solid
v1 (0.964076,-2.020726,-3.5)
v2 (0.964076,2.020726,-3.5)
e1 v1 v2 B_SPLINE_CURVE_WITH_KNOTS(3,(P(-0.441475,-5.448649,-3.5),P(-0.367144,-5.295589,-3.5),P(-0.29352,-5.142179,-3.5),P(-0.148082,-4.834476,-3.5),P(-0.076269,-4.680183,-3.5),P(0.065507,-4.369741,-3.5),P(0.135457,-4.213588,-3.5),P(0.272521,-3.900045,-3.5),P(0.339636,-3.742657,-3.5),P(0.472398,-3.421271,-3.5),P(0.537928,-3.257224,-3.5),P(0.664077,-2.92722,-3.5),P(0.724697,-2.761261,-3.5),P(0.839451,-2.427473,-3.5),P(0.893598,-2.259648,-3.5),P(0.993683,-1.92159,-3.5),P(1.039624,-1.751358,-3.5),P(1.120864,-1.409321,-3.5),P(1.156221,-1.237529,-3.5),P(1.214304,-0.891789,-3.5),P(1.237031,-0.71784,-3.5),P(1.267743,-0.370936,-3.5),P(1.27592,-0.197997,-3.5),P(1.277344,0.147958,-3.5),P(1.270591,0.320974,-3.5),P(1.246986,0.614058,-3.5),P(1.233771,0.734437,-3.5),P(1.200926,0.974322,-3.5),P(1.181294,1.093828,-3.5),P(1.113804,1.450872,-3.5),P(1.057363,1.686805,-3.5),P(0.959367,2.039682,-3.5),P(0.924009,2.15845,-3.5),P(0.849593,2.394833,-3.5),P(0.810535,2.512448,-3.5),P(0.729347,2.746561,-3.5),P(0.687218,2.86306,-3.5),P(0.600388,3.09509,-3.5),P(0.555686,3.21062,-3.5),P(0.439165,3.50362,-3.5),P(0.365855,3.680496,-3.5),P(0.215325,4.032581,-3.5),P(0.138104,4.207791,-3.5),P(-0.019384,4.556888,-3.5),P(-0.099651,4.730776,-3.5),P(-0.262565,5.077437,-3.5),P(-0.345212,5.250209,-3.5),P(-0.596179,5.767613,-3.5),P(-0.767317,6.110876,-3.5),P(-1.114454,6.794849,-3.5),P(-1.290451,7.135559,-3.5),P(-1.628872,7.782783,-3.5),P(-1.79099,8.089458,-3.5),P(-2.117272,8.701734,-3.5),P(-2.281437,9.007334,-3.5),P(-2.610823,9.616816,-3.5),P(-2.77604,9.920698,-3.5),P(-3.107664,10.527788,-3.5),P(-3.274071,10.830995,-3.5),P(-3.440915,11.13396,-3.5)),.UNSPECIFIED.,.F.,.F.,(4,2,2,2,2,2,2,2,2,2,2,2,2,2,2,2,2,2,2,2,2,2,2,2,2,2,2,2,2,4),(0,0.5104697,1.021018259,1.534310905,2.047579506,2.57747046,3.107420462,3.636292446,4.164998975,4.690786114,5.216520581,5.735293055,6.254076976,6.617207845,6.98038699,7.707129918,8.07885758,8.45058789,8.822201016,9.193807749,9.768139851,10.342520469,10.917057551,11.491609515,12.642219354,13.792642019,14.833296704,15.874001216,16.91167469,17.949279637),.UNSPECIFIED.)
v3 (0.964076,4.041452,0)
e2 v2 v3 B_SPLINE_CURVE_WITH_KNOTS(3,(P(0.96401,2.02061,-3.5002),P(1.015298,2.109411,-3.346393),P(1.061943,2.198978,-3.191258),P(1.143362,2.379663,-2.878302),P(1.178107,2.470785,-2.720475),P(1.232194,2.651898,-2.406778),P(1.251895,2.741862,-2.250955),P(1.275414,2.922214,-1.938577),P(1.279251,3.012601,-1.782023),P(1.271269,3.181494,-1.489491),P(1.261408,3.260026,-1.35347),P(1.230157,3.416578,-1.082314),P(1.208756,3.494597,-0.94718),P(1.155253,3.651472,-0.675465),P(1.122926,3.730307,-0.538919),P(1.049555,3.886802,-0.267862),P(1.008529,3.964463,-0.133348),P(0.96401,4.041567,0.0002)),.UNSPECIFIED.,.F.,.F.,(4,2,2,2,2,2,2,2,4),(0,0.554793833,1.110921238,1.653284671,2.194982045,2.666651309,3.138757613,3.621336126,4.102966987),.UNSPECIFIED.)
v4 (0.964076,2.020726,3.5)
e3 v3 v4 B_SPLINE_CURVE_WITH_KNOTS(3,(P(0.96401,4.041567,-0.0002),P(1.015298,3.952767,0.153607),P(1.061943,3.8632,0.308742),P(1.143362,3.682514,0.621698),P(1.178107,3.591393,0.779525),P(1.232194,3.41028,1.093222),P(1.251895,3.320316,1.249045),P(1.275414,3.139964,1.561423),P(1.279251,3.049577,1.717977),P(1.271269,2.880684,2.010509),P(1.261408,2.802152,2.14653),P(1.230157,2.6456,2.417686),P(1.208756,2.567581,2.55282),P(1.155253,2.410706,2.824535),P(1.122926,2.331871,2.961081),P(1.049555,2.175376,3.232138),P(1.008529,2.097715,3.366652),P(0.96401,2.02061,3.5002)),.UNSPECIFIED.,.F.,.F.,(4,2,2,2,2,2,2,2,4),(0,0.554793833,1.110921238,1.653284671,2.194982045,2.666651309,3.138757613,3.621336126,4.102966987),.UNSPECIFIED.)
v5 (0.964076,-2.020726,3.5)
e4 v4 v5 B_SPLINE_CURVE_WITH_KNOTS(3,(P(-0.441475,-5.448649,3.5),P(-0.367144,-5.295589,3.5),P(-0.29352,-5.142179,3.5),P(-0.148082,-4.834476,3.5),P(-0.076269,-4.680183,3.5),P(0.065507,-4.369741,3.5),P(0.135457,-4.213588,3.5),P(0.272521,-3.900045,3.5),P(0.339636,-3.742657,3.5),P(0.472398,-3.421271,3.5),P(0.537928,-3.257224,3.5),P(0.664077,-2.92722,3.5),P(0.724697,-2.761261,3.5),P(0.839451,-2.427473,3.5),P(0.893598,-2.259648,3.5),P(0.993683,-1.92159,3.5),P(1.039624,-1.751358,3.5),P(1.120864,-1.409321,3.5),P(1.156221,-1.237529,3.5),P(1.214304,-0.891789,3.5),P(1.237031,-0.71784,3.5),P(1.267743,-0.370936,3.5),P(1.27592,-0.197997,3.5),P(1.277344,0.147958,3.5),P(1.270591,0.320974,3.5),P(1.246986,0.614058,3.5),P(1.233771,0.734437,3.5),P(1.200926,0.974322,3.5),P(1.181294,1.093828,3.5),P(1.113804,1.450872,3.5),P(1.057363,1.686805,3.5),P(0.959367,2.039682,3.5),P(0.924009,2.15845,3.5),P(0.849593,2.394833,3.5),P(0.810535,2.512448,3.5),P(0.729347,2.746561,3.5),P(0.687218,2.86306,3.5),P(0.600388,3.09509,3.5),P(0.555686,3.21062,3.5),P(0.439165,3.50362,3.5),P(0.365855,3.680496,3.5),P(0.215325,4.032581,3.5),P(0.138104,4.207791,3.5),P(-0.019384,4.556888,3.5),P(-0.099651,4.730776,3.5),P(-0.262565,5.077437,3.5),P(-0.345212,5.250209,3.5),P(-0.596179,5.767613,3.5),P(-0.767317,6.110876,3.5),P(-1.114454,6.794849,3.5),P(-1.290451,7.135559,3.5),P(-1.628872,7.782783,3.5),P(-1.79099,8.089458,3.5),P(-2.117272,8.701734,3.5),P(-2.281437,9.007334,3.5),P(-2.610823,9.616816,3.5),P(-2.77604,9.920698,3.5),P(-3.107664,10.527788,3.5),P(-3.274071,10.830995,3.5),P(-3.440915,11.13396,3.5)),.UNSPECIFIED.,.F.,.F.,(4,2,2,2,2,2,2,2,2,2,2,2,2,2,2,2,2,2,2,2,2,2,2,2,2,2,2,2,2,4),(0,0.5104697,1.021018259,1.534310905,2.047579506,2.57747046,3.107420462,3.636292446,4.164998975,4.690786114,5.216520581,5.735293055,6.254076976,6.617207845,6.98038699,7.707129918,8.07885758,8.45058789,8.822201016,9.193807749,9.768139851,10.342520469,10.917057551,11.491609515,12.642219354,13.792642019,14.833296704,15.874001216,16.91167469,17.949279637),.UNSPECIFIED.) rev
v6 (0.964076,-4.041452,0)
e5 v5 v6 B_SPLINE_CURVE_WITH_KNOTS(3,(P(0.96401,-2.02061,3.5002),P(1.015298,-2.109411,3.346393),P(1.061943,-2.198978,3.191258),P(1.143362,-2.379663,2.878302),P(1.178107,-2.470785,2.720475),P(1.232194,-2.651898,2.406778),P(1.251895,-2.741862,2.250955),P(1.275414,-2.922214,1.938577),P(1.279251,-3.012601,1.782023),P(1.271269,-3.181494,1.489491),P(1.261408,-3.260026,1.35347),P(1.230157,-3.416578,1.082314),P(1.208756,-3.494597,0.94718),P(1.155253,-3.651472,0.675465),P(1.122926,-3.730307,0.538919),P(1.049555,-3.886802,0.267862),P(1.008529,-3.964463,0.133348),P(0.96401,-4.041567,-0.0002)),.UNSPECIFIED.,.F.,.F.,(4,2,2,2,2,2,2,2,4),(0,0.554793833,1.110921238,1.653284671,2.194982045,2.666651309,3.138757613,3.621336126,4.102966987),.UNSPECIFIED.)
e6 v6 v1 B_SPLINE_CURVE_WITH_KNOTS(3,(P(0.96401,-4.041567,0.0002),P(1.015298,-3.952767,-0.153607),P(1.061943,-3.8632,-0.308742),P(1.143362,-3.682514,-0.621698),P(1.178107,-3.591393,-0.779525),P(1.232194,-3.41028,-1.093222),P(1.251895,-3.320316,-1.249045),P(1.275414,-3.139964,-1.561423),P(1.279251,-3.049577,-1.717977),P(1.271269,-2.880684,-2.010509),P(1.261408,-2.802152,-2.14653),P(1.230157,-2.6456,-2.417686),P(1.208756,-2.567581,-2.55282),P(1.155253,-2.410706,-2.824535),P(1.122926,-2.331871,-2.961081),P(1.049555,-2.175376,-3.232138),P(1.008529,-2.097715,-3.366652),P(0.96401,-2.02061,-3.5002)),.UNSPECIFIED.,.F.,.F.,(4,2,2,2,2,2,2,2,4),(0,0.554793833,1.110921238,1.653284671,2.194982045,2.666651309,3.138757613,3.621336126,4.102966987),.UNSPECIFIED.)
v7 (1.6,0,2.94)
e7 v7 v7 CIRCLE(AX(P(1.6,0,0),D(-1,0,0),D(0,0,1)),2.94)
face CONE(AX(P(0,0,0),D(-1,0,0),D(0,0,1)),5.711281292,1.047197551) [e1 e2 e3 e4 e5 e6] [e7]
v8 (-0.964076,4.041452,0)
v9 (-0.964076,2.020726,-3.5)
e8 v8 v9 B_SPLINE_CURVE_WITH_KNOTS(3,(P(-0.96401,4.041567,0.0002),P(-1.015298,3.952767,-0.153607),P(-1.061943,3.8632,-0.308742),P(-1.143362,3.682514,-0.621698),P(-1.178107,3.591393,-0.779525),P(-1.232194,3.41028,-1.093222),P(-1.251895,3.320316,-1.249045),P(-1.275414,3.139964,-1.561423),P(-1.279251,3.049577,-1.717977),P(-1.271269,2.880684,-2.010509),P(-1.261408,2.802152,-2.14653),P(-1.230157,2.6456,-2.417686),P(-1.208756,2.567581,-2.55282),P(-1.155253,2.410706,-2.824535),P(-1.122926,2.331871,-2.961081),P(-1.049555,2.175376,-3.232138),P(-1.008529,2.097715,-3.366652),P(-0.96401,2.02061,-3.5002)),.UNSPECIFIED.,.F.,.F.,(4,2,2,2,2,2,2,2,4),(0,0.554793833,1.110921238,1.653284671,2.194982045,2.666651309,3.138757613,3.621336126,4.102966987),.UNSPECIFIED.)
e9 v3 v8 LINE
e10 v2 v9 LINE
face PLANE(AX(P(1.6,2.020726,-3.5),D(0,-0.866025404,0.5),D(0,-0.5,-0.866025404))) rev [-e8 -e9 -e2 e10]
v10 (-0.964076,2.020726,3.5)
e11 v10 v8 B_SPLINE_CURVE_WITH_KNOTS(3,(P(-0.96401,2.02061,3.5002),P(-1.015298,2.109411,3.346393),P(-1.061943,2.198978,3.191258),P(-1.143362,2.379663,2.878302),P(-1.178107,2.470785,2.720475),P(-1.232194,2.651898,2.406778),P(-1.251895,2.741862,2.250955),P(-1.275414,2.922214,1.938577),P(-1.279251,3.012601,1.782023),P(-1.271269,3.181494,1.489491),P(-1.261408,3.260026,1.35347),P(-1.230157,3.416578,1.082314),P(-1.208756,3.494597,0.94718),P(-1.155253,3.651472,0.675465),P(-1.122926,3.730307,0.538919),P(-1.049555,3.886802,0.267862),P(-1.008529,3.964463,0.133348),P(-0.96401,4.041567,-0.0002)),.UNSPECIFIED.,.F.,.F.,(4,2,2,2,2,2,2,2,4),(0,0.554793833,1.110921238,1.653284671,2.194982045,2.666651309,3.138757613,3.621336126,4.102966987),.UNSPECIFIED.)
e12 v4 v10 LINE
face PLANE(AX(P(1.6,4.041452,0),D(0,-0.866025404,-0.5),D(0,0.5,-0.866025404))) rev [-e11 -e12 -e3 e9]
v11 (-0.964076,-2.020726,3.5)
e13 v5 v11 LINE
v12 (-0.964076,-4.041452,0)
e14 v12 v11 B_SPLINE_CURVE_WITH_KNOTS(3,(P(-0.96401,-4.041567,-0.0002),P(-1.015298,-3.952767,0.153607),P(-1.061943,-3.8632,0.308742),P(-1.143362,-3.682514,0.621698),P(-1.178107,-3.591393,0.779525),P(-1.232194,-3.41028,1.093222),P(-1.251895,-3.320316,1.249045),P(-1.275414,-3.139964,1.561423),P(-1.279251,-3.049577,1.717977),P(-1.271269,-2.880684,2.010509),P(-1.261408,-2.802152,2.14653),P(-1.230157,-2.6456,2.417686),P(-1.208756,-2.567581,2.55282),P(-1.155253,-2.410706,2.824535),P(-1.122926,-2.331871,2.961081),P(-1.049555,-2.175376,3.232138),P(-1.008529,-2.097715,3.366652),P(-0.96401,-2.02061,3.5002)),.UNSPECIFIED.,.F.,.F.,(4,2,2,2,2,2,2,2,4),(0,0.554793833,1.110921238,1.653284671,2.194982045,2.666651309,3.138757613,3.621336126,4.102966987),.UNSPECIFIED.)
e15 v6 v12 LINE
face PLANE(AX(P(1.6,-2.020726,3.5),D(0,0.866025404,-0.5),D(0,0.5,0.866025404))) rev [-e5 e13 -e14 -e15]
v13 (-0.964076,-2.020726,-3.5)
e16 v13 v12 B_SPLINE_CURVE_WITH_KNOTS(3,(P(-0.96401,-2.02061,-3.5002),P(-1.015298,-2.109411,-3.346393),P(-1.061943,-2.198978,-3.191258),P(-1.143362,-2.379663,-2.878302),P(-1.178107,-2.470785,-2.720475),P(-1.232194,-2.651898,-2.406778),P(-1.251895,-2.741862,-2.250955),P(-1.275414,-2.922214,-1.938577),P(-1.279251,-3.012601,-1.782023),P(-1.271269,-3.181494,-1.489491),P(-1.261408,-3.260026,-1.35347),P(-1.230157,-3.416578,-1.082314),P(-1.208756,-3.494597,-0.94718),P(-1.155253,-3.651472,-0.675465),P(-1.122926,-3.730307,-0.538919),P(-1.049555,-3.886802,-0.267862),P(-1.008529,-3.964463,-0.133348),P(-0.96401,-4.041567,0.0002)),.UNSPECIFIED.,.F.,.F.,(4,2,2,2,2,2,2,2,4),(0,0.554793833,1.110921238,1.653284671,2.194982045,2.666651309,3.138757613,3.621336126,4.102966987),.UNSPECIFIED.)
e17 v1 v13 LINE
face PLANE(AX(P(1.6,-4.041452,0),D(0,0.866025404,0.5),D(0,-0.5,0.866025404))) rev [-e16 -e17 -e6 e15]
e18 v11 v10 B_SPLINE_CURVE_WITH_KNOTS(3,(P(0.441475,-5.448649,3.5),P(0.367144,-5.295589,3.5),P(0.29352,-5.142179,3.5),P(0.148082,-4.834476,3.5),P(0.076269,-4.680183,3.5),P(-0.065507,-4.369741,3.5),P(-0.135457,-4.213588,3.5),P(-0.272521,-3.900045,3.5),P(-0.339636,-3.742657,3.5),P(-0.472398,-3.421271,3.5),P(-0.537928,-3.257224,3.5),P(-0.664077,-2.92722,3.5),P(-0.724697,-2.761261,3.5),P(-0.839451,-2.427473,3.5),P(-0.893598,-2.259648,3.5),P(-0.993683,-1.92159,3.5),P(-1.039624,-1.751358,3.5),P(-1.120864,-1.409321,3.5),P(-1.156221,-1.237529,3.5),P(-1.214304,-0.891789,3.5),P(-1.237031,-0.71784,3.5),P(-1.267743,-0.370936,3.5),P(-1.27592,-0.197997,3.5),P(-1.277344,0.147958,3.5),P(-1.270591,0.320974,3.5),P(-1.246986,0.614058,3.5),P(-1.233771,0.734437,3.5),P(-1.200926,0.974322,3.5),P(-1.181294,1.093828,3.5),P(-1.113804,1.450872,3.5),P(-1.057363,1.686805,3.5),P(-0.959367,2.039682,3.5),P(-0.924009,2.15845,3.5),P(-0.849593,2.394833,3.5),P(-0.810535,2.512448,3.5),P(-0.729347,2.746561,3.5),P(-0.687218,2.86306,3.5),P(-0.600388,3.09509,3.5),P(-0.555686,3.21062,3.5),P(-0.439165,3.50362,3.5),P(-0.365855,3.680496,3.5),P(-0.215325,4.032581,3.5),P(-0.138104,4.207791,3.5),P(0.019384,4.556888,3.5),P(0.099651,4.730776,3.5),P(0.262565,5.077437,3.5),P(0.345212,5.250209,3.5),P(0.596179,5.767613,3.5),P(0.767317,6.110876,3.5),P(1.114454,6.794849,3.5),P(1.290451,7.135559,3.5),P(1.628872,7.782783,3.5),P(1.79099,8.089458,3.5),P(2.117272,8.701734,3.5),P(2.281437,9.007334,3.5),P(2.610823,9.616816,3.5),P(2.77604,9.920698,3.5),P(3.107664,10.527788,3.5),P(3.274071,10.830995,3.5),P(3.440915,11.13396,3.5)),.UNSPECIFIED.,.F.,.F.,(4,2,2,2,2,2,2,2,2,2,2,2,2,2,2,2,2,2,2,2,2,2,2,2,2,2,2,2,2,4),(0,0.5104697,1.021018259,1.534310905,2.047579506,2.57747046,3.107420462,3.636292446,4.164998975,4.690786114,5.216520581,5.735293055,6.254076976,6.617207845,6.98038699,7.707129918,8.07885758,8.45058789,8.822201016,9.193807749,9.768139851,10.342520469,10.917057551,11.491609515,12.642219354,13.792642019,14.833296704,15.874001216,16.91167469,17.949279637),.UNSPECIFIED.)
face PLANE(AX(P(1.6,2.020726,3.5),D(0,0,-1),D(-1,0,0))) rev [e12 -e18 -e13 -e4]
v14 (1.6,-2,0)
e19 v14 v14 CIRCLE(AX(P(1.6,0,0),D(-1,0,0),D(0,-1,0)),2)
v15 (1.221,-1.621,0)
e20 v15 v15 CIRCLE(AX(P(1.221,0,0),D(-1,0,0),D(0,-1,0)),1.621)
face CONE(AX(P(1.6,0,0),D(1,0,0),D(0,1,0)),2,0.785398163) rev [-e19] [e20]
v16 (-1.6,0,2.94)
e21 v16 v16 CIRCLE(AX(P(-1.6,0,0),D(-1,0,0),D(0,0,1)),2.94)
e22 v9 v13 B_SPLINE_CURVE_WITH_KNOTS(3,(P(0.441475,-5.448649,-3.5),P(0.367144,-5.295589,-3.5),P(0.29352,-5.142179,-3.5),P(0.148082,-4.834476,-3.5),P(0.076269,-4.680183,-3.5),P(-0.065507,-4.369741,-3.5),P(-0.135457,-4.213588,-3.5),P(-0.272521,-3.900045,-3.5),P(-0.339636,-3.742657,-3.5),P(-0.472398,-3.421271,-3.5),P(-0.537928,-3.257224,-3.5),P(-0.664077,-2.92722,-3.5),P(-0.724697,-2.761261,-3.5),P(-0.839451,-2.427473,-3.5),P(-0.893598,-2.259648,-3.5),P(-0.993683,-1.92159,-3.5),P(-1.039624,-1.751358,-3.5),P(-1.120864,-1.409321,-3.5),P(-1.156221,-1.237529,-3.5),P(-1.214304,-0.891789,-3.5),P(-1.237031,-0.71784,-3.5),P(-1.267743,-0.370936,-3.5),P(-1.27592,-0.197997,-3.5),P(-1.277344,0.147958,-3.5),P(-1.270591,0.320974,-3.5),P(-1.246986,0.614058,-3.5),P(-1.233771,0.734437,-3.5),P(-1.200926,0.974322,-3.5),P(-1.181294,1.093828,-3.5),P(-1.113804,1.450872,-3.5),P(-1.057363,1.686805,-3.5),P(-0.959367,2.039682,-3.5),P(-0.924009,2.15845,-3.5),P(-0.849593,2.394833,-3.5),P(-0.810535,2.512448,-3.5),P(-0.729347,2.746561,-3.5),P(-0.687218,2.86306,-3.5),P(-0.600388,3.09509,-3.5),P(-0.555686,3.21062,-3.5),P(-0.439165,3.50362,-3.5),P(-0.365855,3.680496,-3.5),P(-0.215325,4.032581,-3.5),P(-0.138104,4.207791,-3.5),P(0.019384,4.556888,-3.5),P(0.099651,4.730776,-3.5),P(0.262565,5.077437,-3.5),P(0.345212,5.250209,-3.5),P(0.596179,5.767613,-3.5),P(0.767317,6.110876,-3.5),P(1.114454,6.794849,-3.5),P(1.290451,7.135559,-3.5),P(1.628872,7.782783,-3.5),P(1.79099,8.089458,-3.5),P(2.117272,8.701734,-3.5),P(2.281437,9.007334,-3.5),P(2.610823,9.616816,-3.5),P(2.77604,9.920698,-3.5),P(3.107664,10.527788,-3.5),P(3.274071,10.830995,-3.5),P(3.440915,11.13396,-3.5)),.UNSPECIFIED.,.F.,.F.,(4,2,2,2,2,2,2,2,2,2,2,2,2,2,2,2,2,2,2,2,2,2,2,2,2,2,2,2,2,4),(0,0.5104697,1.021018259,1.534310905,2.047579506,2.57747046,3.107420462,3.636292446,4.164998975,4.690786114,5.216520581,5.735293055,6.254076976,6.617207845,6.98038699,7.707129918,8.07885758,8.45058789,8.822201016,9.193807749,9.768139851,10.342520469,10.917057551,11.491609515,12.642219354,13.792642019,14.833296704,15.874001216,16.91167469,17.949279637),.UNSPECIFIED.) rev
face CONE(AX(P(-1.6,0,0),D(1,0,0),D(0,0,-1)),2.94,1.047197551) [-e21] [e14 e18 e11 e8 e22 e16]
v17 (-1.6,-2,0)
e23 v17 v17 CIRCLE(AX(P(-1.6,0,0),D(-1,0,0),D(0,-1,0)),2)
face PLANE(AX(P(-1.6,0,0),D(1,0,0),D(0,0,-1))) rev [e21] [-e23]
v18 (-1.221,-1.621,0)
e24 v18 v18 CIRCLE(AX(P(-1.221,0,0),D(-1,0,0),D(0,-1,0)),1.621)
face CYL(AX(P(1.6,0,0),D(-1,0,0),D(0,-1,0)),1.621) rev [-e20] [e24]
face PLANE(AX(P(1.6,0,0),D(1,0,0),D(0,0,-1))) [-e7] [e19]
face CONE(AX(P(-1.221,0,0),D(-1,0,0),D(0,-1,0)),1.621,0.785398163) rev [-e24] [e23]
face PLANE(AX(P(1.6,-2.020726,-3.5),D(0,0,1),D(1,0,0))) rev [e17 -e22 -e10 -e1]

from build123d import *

# Parameters (mm, degrees)
EXTRUDE_1_DEPTH      = 1.6
EXTRUDE_1_DEPTH_BACK = 1.6


with BuildPart() as part:
    # 草图1 → 凸台-拉伸1 (new, two sides: drawn at the far end of the back side and taken through both)
    with BuildSketch(Plane(origin=(0, 0, 0), x_dir=(0, 0, -1), z_dir=(1, 0, 0)).offset(-EXTRUDE_1_DEPTH_BACK)):
        Polygon((-3.5, -2.020725942), (0, -4.041451884), (3.5, -2.020725942), (3.5, 2.020725942), (0, 4.041451884), (-3.5, 2.020725942), align=None)
    extrude(amount=EXTRUDE_1_DEPTH + EXTRUDE_1_DEPTH_BACK)

    # 草图2 → 切除-旋转1 (revolve, cut)
    with BuildSketch(Plane.XY):
        Polygon((-1.6, 0), (-1.6, 2), (-1.221, 1.621), (1.221, 1.621), (1.6, 2), (1.6, 0), align=None)
    revolve(axis=Axis((1.6, 0, 0), (-1, 0, 0)), mode=Mode.SUBTRACT)

    # 草图3 → 切除-旋转2 (revolve, cut)
    with BuildSketch(Plane.XY):
        Polygon((-6.6, 6.94), (-6.6, 1), (-1.6, 1), (-1.6, 2.94), (0, 5.711281292), (1.6, 2.94), (1.6, 1), (6.6, 1), (6.6, 6.94), align=None)
    revolve(axis=Axis((50, 0, 0), (-1, 0, 0)), mode=Mode.SUBTRACT)


solid = part.part
